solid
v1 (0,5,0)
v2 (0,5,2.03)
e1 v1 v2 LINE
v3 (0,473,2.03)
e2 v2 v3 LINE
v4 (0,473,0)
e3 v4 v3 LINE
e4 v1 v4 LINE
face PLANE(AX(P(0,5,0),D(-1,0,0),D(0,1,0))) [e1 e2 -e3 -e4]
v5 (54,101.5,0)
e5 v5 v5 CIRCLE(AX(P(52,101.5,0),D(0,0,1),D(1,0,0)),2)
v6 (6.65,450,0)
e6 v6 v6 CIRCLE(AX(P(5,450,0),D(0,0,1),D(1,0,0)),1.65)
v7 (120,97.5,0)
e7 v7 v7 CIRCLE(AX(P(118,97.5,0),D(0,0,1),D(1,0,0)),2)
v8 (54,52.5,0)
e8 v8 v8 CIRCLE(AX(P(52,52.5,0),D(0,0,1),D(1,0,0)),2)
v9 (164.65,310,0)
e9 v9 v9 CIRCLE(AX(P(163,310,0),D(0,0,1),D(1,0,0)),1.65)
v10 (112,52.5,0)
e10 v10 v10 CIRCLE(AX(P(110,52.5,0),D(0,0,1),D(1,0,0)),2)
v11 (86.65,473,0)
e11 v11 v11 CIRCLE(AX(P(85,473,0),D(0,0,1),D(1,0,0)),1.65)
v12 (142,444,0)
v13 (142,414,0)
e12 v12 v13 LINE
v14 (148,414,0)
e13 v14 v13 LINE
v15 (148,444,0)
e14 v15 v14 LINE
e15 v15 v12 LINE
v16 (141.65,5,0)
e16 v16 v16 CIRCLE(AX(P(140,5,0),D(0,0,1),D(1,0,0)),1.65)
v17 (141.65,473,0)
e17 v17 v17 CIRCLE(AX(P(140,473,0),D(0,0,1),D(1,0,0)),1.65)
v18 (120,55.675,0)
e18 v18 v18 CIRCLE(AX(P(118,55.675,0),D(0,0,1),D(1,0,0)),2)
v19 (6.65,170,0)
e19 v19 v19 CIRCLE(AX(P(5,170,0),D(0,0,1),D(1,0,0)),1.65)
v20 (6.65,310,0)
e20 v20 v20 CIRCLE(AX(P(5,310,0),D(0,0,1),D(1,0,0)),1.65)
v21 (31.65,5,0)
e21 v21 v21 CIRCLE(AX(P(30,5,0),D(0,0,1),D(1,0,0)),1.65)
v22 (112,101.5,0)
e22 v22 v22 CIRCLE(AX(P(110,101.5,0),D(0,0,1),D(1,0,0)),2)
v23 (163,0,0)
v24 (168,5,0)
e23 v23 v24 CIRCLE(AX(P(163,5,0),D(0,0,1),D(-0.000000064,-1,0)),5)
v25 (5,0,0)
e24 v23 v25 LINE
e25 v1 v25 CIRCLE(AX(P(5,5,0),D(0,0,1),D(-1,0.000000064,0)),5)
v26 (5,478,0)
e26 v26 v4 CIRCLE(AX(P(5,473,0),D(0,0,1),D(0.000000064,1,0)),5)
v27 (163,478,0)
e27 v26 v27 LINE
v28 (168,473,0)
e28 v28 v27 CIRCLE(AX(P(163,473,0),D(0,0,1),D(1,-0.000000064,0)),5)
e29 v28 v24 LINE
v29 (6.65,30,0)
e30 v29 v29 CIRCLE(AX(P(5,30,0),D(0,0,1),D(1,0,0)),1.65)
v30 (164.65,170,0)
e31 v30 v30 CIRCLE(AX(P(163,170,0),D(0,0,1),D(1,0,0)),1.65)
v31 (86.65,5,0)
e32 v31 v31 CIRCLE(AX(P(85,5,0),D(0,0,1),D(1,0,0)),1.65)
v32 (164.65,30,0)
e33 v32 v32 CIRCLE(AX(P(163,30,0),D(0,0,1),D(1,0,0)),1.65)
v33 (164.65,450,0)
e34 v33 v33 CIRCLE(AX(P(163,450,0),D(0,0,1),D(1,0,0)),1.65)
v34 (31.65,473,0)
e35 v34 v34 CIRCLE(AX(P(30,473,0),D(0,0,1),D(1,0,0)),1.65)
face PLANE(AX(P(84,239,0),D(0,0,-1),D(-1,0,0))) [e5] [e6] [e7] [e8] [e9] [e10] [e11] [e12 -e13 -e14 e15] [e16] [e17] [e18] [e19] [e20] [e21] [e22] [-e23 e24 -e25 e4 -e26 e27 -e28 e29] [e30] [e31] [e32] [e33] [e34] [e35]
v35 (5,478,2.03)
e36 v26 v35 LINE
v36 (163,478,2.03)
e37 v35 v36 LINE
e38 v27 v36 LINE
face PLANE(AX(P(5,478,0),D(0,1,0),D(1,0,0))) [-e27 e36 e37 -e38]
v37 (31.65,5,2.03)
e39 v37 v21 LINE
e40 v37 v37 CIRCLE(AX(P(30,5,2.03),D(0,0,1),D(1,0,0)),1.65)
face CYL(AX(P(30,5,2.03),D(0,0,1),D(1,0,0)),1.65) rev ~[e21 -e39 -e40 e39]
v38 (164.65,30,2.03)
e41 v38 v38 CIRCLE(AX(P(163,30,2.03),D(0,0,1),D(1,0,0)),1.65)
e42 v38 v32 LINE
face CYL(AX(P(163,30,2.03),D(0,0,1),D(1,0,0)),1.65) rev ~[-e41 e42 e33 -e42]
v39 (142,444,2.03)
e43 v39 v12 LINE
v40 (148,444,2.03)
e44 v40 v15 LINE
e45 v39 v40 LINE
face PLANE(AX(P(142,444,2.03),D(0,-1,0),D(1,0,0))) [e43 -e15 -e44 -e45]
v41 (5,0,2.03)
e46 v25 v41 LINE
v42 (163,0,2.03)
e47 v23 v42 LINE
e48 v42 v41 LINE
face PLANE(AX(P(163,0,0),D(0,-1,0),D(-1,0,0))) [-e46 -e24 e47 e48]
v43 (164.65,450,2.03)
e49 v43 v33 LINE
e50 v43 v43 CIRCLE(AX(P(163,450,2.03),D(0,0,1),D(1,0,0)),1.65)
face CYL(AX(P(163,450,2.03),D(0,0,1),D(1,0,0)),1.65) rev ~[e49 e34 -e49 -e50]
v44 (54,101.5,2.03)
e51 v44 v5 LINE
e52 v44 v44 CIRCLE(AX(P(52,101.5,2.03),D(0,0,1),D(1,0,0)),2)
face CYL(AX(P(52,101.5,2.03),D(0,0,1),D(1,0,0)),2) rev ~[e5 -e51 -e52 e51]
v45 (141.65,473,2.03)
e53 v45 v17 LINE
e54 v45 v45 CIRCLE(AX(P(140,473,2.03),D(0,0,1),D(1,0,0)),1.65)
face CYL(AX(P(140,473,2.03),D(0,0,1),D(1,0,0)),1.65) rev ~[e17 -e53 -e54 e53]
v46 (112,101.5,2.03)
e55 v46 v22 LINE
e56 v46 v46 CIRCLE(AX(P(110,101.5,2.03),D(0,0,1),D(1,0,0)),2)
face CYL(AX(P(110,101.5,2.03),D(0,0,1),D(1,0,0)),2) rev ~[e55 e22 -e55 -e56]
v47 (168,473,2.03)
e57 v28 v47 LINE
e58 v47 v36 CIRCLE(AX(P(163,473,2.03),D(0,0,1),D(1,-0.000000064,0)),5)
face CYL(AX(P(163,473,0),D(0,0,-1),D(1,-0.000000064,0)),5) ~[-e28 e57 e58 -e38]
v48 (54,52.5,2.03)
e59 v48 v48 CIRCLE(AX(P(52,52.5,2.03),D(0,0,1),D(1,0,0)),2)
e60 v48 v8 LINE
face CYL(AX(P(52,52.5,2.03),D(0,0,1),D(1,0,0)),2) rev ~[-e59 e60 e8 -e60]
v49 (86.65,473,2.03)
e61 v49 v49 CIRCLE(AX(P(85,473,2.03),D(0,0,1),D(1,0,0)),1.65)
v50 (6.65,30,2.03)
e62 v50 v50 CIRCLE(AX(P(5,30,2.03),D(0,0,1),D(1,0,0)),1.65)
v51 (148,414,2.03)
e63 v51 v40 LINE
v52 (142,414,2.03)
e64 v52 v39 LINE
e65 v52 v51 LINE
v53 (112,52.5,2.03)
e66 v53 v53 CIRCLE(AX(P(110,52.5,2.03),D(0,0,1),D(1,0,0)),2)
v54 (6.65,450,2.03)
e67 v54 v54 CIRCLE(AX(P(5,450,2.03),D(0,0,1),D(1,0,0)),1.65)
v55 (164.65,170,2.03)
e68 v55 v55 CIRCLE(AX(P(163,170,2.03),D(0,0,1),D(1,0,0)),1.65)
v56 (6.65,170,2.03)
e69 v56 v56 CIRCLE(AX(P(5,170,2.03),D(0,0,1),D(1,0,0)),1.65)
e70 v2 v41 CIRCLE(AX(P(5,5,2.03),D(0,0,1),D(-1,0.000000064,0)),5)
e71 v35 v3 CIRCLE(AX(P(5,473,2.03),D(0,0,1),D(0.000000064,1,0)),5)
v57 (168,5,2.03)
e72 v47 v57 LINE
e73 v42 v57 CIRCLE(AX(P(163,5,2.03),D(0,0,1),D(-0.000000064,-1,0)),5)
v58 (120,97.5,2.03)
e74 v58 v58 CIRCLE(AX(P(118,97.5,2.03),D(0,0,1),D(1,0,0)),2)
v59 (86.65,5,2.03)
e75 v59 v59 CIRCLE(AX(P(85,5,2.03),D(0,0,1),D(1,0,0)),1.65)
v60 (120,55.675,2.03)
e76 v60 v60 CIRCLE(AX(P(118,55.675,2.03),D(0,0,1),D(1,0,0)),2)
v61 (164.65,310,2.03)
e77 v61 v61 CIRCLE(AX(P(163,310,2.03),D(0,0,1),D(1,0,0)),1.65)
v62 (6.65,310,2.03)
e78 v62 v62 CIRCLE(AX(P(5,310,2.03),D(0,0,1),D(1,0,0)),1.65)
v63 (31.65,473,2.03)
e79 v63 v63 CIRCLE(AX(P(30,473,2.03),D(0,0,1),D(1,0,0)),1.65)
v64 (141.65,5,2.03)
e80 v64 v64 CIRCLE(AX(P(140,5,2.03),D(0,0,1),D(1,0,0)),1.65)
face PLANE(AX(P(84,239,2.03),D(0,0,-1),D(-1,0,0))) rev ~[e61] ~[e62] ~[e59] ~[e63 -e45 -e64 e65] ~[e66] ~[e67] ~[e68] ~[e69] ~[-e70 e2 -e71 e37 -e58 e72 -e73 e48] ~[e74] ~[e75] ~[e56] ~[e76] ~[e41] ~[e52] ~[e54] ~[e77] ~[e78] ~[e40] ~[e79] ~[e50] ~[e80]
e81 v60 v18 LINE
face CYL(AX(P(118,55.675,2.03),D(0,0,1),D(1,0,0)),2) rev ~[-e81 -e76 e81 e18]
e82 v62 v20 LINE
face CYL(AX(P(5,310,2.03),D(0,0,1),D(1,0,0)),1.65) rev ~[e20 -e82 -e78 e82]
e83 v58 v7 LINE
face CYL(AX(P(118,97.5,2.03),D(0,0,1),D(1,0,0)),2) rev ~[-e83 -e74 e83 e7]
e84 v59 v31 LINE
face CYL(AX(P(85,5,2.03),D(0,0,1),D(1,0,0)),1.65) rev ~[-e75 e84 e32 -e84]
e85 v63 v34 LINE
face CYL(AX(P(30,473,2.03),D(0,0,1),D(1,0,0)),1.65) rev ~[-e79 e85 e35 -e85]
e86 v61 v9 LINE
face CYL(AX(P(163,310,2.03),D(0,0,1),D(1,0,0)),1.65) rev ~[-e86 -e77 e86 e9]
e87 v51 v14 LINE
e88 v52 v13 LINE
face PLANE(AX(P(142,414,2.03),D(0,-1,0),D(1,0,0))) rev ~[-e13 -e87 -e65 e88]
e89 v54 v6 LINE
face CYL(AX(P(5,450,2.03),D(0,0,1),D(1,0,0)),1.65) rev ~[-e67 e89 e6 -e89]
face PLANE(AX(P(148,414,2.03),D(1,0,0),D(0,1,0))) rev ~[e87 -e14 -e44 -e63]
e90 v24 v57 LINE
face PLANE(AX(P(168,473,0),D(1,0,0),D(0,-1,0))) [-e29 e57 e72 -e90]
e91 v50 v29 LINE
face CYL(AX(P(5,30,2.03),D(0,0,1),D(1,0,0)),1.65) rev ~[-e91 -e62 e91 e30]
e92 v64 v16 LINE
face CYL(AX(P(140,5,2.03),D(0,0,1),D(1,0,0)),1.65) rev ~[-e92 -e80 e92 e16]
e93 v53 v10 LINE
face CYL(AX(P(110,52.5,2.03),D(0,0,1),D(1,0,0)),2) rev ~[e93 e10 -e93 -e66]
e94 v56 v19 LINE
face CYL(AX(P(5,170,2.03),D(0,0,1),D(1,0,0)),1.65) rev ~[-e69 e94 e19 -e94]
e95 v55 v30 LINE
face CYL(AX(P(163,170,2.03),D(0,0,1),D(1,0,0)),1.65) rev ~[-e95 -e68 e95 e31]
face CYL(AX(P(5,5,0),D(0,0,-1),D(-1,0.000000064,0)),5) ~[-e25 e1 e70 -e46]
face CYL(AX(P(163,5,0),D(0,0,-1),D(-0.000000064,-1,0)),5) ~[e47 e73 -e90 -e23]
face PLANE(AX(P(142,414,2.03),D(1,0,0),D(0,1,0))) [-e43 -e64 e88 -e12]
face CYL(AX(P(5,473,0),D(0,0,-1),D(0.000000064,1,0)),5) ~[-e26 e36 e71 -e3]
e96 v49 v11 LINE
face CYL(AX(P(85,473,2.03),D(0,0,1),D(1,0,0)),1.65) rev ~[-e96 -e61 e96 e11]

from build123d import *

# Parameters (mm, degrees)
PAD_DEPTH       = 2.03
SKETCH001_R     = 1.65
POCKET_DEPTH    = 5
SKETCH002_W     = 6
SKETCH002_H     = 30
POCKET001_DEPTH = 5
SKETCH004_R     = 2
POCKET002_DEPTH = 5


with BuildPart() as part:
    # Sketch → Pad (new body)
    with BuildSketch(Plane.XY):
        with BuildLine():
            Line((5, 478), (163, 478))
            ThreePointArc((168, 473), (166.535534, 476.535534), (163, 478))
            Line((168, 473), (168, 5))
            ThreePointArc((163, 0), (166.535534, 1.464466), (168, 5))
            Line((163, 0), (5, 0))
            ThreePointArc((0, 5), (1.464466, 1.464466), (5, 0))
            Line((0, 5), (0, 473))
            ThreePointArc((5, 478), (1.464466, 476.535534), (0, 473))
        make_face()
    extrude(amount=PAD_DEPTH)

    # Sketch001 → Pocket (cut)
    with BuildSketch(Plane.XY.offset(2.03)):
        with Locations((140, 5)):
            Circle(SKETCH001_R)
        with Locations((30, 5)):
            Circle(SKETCH001_R)
        with Locations((85, 5)):
            Circle(SKETCH001_R)
        with Locations((5, 30)):
            Circle(SKETCH001_R)
        with Locations((163, 30)):
            Circle(SKETCH001_R)
        with Locations((163, 170)):
            Circle(SKETCH001_R)
        with Locations((163, 310)):
            Circle(SKETCH001_R)
        with Locations((5, 310)):
            Circle(SKETCH001_R)
        with Locations((5, 170)):
            Circle(SKETCH001_R)
        with Locations((5, 450)):
            Circle(SKETCH001_R)
        with Locations((30, 473)):
            Circle(SKETCH001_R)
        with Locations((85, 473)):
            Circle(SKETCH001_R)
        with Locations((140, 473)):
            Circle(SKETCH001_R)
        with Locations((163, 450)):
            Circle(SKETCH001_R)
    extrude(amount=-POCKET_DEPTH, mode=Mode.SUBTRACT)

    # Sketch002 → Pocket001 (cut)
    with BuildSketch(Plane.XY.offset(2.03)):
        with Locations((145, 429)):
            Rectangle(SKETCH002_W, SKETCH002_H)
    extrude(amount=-POCKET001_DEPTH, mode=Mode.SUBTRACT)

    # Sketch004 → Pocket002 (cut)
    with BuildSketch(Plane.XY.offset(2.03)):
        with Locations((118, 97.5)):
            Circle(SKETCH004_R)
        with Locations((118, 55.675)):
            Circle(SKETCH004_R)
        with Locations((52, 52.5)):
            Circle(SKETCH004_R)
        with Locations((52, 101.5)):
            Circle(SKETCH004_R)
        with Locations((110, 101.5)):
            Circle(SKETCH004_R)
        with Locations((110, 52.5)):
            Circle(SKETCH004_R)
    extrude(amount=-POCKET002_DEPTH, mode=Mode.SUBTRACT)


solid = part.part
